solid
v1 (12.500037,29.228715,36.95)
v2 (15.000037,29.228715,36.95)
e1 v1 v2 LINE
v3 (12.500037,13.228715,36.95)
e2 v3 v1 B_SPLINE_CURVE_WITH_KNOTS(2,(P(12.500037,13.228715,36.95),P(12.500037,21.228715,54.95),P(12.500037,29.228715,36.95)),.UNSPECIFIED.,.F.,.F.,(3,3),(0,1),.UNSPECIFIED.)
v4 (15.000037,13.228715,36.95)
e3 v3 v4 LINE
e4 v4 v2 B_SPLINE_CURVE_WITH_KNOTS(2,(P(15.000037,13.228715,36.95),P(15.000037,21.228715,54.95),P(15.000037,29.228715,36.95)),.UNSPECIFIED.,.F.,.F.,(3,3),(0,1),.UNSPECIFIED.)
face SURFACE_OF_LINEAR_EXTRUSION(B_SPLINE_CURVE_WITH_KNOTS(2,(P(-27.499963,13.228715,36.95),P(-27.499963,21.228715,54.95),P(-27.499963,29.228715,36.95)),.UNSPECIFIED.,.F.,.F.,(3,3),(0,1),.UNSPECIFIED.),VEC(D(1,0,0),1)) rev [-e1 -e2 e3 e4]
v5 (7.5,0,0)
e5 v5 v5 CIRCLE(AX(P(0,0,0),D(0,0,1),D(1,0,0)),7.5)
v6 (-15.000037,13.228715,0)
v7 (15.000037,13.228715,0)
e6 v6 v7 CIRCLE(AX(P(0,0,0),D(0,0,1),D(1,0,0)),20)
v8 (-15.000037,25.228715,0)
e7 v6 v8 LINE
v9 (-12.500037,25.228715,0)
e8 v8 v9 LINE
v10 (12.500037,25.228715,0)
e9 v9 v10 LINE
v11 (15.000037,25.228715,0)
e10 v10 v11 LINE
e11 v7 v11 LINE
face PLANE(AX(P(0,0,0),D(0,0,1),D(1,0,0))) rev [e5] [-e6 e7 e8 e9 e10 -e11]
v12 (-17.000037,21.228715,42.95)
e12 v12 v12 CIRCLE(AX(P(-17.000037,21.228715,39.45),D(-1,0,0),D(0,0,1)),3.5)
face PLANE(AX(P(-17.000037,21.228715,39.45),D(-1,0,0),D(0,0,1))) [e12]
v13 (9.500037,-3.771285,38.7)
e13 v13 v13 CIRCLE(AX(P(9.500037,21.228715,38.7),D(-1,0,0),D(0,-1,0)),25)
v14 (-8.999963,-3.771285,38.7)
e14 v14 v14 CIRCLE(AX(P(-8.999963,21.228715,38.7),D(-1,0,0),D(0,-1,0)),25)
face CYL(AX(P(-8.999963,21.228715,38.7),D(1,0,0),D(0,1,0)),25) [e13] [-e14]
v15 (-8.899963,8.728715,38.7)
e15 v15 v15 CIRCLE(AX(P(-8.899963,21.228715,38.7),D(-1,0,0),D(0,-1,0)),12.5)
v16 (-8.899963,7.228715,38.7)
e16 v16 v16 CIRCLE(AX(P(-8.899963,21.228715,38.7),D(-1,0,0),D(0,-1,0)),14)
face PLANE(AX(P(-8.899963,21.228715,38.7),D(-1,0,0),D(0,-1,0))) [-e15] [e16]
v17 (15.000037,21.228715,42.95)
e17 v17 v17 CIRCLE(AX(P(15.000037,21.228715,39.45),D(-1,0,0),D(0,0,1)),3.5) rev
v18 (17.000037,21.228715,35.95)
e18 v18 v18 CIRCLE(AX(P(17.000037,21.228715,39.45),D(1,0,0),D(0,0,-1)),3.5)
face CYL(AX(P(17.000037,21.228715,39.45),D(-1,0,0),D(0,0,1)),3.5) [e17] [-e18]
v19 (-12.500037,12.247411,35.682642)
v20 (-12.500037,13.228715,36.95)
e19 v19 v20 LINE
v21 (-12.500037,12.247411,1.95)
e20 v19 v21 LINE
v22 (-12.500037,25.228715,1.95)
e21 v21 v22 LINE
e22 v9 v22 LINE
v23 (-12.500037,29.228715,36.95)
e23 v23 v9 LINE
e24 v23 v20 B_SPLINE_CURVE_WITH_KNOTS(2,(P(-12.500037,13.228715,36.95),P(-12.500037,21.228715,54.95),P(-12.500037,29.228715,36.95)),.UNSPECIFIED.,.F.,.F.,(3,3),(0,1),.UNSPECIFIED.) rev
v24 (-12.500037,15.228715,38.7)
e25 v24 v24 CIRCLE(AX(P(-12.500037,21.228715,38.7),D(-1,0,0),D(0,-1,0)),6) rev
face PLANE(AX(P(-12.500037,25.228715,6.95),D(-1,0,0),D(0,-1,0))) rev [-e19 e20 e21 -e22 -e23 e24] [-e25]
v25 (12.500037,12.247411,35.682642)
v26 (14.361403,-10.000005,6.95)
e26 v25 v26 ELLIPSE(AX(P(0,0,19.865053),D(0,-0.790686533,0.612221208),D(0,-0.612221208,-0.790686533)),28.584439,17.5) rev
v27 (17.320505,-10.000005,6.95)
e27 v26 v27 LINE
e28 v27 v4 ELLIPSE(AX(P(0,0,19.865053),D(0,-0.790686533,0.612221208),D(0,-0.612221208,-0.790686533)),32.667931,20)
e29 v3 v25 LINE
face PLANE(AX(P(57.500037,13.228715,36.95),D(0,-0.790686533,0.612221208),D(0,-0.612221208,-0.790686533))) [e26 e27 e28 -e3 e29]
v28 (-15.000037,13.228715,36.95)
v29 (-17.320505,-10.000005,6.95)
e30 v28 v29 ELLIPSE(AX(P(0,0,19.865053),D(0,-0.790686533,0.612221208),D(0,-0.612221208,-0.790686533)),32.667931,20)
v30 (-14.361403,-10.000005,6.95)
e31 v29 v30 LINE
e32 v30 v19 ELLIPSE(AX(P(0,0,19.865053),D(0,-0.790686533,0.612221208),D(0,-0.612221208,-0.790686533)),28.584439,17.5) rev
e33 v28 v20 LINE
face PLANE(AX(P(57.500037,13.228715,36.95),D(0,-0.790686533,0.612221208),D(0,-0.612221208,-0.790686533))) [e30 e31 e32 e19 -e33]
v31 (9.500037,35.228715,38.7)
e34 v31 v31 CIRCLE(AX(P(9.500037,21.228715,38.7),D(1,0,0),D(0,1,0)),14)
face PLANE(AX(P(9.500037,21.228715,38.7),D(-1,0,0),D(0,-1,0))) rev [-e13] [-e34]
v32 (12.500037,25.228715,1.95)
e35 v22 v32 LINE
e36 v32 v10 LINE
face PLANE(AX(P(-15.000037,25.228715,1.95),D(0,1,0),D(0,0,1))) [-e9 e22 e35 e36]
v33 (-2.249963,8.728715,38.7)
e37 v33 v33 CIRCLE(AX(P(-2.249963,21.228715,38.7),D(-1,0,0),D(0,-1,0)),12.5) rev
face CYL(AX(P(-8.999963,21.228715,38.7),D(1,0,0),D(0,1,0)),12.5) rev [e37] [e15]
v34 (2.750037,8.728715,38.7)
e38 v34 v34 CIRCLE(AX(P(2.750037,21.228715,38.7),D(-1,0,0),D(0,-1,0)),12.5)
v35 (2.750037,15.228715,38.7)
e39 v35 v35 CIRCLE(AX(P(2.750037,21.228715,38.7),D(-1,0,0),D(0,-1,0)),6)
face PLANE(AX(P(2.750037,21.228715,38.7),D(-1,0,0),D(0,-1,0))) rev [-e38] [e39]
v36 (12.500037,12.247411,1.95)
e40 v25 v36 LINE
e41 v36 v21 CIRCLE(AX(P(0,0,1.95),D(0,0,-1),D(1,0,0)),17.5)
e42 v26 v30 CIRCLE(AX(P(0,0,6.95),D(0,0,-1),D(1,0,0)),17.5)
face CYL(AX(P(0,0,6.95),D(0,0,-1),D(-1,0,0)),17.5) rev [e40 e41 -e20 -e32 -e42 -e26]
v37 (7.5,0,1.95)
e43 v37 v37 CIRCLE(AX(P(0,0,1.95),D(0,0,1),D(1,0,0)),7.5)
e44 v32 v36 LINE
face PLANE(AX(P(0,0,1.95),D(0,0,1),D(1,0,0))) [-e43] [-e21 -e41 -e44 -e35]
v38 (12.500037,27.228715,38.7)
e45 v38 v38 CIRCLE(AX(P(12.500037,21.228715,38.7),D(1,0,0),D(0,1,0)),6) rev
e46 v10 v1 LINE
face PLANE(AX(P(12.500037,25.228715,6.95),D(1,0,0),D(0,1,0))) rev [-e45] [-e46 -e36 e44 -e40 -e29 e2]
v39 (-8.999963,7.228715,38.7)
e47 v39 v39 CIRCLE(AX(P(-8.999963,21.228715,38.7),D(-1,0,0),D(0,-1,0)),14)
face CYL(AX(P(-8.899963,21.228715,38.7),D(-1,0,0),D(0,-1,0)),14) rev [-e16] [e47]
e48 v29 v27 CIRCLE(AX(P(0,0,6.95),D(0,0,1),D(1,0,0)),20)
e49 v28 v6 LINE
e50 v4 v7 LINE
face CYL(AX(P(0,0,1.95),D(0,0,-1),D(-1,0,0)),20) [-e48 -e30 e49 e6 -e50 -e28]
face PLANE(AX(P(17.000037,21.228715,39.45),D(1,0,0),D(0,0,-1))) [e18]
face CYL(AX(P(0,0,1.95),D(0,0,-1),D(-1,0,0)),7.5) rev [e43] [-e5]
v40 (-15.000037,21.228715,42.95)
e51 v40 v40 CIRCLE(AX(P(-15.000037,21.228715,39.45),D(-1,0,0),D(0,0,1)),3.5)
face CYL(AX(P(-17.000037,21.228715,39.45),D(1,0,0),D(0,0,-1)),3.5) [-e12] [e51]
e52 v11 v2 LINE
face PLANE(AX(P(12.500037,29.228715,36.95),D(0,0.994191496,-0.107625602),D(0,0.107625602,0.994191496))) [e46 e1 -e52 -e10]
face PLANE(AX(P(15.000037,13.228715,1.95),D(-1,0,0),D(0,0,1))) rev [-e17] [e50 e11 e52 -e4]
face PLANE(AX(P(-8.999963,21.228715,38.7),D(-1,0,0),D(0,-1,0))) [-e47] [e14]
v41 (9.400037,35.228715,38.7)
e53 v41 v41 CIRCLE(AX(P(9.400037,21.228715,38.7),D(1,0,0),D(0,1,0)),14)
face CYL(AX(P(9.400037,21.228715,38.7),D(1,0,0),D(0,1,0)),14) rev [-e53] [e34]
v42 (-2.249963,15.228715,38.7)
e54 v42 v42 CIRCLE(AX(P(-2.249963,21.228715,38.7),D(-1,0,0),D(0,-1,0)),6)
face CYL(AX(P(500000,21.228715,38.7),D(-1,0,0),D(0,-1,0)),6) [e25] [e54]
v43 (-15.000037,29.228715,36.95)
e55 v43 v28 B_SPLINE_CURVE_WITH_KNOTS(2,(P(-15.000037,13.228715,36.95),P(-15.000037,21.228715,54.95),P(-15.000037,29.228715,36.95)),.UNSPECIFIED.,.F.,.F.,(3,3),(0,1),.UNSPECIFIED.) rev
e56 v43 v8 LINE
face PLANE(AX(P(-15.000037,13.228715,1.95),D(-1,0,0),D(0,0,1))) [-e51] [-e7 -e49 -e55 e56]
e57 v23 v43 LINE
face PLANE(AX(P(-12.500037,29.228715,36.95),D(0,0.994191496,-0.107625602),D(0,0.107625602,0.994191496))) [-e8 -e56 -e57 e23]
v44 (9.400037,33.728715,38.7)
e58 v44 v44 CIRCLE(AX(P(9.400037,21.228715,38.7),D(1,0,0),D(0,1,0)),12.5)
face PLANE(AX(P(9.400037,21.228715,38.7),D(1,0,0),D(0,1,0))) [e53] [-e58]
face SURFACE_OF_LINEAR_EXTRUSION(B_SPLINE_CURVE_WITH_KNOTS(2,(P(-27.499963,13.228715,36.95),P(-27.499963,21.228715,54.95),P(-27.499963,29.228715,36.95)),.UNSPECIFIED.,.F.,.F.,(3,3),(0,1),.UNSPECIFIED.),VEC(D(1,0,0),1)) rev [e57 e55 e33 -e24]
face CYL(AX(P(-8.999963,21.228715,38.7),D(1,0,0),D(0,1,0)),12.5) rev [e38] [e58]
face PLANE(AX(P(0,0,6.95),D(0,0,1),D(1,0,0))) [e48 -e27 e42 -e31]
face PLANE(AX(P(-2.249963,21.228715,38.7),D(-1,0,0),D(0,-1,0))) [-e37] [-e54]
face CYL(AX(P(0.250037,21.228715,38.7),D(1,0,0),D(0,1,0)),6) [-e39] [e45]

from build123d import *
from build123d.topology import SkipClean

# Parameters (mm, degrees)
SKETCH1_R               = 7.5
BOSS_EXTRUDE1_DEPTH     = 1.95
BOSS_EXTRUDE2_DEPTH     = 5
BOSS_EXTRUDE3_DEPTH     = 40
BOSS_EXTRUDE5_DEPTH     = 2.5
SKETCH20_W              = 10
SKETCH20_H              = 3.999999996
BOSS_EXTRUDE6_DEPTH     = 2.5
BOSS_EXTRUDE7_DEPTH     = 2.5
CUT_EXTRUDE8_DEPTH      = 42.5
CUT_EXTRUDE9_DEPTH      = 42.5
CUT_EXTRUDE9_DEPTH_BACK = 42.5
SKETCH25_R              = 3.5
BOSS_EXTRUDE8_DEPTH     = 2
BOSS_EXTRUDE9_START     = 2
SKETCH26_R              = 3.5
BOSS_EXTRUDE9_DEPTH     = 2
SKETCH27_R              = 6
BOSS_EXTRUDE10_DEPTH    = 12.25
SKETCH33_R              = 25
SKETCH33_R_2            = 12.5
BOSS_EXTRUDE11_DEPTH    = 9.25
SKETCH40_R              = 12.5
BOSS_EXTRUDE13_DEPTH    = 2.5
BOSS_EXTRUDE12_REACH    = 87.153
SKETCH34_R              = 6
CUT_EXTRUDE10_START     = -0.1
SKETCH47_R              = 14
SKETCH47_R_2            = 12.5
CUT_EXTRUDE10_DEPTH     = 0.1
SKETCH48_R              = 14
SKETCH48_R_2            = 12.5
CUT_EXTRUDE13_DEPTH     = 0.1


with BuildPart() as part:
    # Sketch1 → Boss-Extrude1 (new body)
    with BuildSketch(Plane.XY):
        with BuildLine():
            Line((-15.00003653, 25.228715134), (15.00003653, 25.228715134))
            Line((15.00003653, 25.228715134), (15.00003653, 13.228715134))
            ThreePointArc((15.00003653, 13.228715134), (0, -20), (-15.00003653, 13.228715134))
            Line((-15.00003653, 13.228715134), (-15.00003653, 25.228715134))
        make_face()
        Circle(SKETCH1_R, mode=Mode.SUBTRACT)
    extrude(amount=BOSS_EXTRUDE1_DEPTH)

    # Sketch4 → Boss-Extrude2 (add)
    with BuildSketch(Plane.XY.offset(1.95)):
        with BuildLine():
            Line((-12.50003653, 25.228715134), (-12.50003653, 12.247411431))
            ThreePointArc((-12.50003653, 12.247411431), (0, -17.5), (12.50003653, 12.247411431))
            Line((12.50003653, 12.247411431), (12.50003653, 25.228715134))
            Line((12.50003653, 25.228715134), (15.00003653, 25.228715134))
            Line((15.00003653, 25.228715134), (15.00003653, 13.228715134))
            ThreePointArc((15.00003653, 13.228715134), (0, -20), (-15.00003653, 13.228715134))
            Line((-15.00003653, 13.228715134), (-15.00003653, 25.228715134))
            Line((-15.00003653, 25.228715134), (-12.50003653, 25.228715134))
        make_face()
    extrude(amount=BOSS_EXTRUDE2_DEPTH)

    # Sketch7 → Boss-Extrude3 (add)
    with SkipClean():  # the faces are left unmerged after this step: merging them gives an invalid solid
        with BuildSketch(Plane.XY.offset(6.95)):
            with BuildLine():
                Line((-17.320505157, -10.000005055), (-14.361403097, -10.000005055))
                ThreePointArc((-14.361403097, -10.000005055), (-17.439068776, 1.459068274), (-12.50003653, 12.247411431))
                Line((-12.50003653, 12.247411431), (-12.50003653, 15.612465749))
                Line((-12.50003653, 15.612465749), (-12.50003653, 25.228715134))
                Line((-12.50003653, 25.228715134), (-15.00003653, 25.228715134))
                Line((-15.00003653, 25.228715134), (-15.00003653, 13.228715134))
                ThreePointArc((-15.00003653, 13.228715134), (-19.900947569, 1.988035678), (-17.320505157, -10.000005055))
            make_face()
            with BuildLine():
                Line((17.320505157, -10.000005055), (14.361403097, -10.000005055))
                ThreePointArc((14.361403097, -10.000005055), (17.439068776, 1.459068274), (12.50003653, 12.247411431))
                Line((12.50003653, 12.247411431), (12.50003653, 15.612465749))
                Line((12.50003653, 15.612465749), (12.50003653, 25.228715134))
                Line((12.50003653, 25.228715134), (15.00003653, 25.228715134))
                Line((15.00003653, 25.228715134), (15.00003653, 13.228715134))
                ThreePointArc((15.00003653, 13.228715134), (19.900947569, 1.988035678), (17.320505157, -10.000005055))
            make_face()
        extrude(amount=BOSS_EXTRUDE3_DEPTH)

    # Sketch19 → Boss-Extrude5 (add)
    with SkipClean():  # the faces are left unmerged after this step: merging them gives an invalid solid
        with BuildSketch(Plane(origin=(15.00003653, 0, 0), x_dir=(0, 0, -1), z_dir=(1, 0, 0))):
            Polygon((-36.95, 29.22871513), (0, 25.228715134), (-36.95, 25.228715134), align=None)
        extrude(amount=-BOSS_EXTRUDE5_DEPTH)

    # Sketch20 → Boss-Extrude6 (add)
    with SkipClean():  # the faces are left unmerged after this step: merging them gives an invalid solid
        with BuildSketch(Plane(origin=(15.00003653, 0, 0), x_dir=(0, 0, -1), z_dir=(1, 0, 0))):
            with Locations((-41.95, 27.228715132)):
                Rectangle(SKETCH20_W, SKETCH20_H)
        extrude(amount=-BOSS_EXTRUDE6_DEPTH)

    # Sketch22 → Boss-Extrude7 (add)
    with SkipClean():  # the faces are left unmerged after this step: merging them gives an invalid solid
        with BuildSketch(Plane.ZY.offset(15.00003653)):
            Polygon((46.95, 25.228715134), (46.95, 29.22871513), (36.95, 29.22871513), (0, 25.228715134), align=None)
        extrude(amount=-BOSS_EXTRUDE7_DEPTH)

    # Sketch10 → Cut-Extrude8 (cut)
    with SkipClean():  # the faces are left unmerged after this step: merging them gives an invalid solid
        with BuildSketch(Plane(origin=(15.00003653, 0, 0), x_dir=(0, 0, -1), z_dir=(1, 0, 0))):
            with BuildLine():
                Line((-46.95, 25.228715134), (-46.95, 29.22871513))
                Line((-46.95, 29.22871513), (-36.95, 29.22871513))
                add(Edge.make_bspline(
                    [(-36.95, 29.22871513), (-54.95, 21.22871513), (-36.95, 13.228715134)],
                    knots=[0, 0, 0, 1, 1, 1], degree=2))
                Line((-36.95, 13.228715134), (-46.95, 13.228715134))
                Line((-46.95, 13.228715134), (-46.95, 25.228715134))
            make_face()
        extrude(amount=-CUT_EXTRUDE8_DEPTH, mode=Mode.SUBTRACT)

    # Sketch24 → Cut-Extrude9 (cut, two sides: drawn at the far end of the back side and taken through both)
    with SkipClean():  # the faces are left unmerged after this step: merging them gives an invalid solid
        with BuildSketch(Plane(origin=(15.00003653, 0, 0), x_dir=(0, 0, -1), z_dir=(1, 0, 0)).offset(-CUT_EXTRUDE9_DEPTH_BACK)):
            Polygon((-36.95, 13.228715134), (-6.95, -10.000005055), (-46.95, -10.000005055), (-46.95, 13.228715134), align=None)
        extrude(amount=CUT_EXTRUDE9_DEPTH + CUT_EXTRUDE9_DEPTH_BACK, mode=Mode.SUBTRACT)

    # Sketch25 → Boss-Extrude8 (add)
    with SkipClean():  # the faces are left unmerged after this step: merging them gives an invalid solid
        with BuildSketch(Plane.ZY.offset(15.00003653)):
            with Locations((39.45, 21.22871513)):
                Circle(SKETCH25_R)
        extrude(amount=BOSS_EXTRUDE8_DEPTH)

    # Sketch26 → Boss-Extrude9 (add)
    with SkipClean():  # the faces are left unmerged after this step: merging them gives an invalid solid
        with BuildSketch(Plane(origin=(15.00003653, 0, 0), x_dir=(0, 0, -1), z_dir=(1, 0, 0)).offset(BOSS_EXTRUDE9_START)):
            with Locations((-39.45, 21.22871513)):
                Circle(SKETCH26_R)
        extrude(amount=-BOSS_EXTRUDE9_DEPTH)

    # Sketch27 → Boss-Extrude10 (add)
    with SkipClean():  # the faces are left unmerged after this step: merging them gives an invalid solid
        with BuildSketch(Plane.ZY.offset(-12.50003653)):
            with Locations((38.7, 21.22871513)):
                Circle(SKETCH27_R)
        extrude(amount=BOSS_EXTRUDE10_DEPTH)



with BuildPart() as body_2:
    # Sketch33 → Boss-Extrude11 (new, symmetric)
    with BuildSketch(Plane.ZY.offset(-0.25003653)):
        with Locations((38.7, 21.22871513)):
            Circle(SKETCH33_R)
        with Locations((38.7, 21.22871513)):
            Circle(SKETCH33_R_2, mode=Mode.SUBTRACT)
    extrude(amount=BOSS_EXTRUDE11_DEPTH, both=True)


with BuildPart() as part_1:
    with SkipClean():  # the faces are left unmerged after this step: merging them gives an invalid solid
        add(part.part)

        add(body_2.part)  # Boss-Extrude13 merges body 2
        # Sketch40 → Boss-Extrude13 (add, symmetric)
        with BuildSketch(Plane.ZY.offset(-0.25003653)):
            with Locations((38.7, 21.22871513)):
                Circle(SKETCH40_R)
        extrude(amount=BOSS_EXTRUDE13_DEPTH, both=True)

    # Sketch34 → Boss-Extrude12 (add, up to next)
    with BuildSketch(Plane(origin=(-12.50003653, 0, 0), x_dir=(0, 0, -1), z_dir=(1, 0, 0)), mode=Mode.PRIVATE) as boss_extrude12_sk1:
        with Locations((-38.7, 21.22871513)):
            Circle(SKETCH34_R)
    boss_extrude12_tool1 = extrude(boss_extrude12_sk1.sketch, amount=BOSS_EXTRUDE12_REACH, mode=Mode.PRIVATE) - part_1.part
    add(boss_extrude12_tool1.solids().sort_by_distance((-12.500037, 21.228715, 38.7))[0])

    # Sketch47 → Cut-Extrude10 (cut)
    with SkipClean():  # the faces are left unmerged after this step: merging them gives an invalid solid
        with BuildSketch(Plane.ZY.offset(8.99996347).offset(CUT_EXTRUDE10_START)):
            with Locations((38.7, 21.22871513)):
                Circle(SKETCH47_R)
            with Locations((38.7, 21.22871513)):
                Circle(SKETCH47_R_2, mode=Mode.SUBTRACT)
        extrude(amount=CUT_EXTRUDE10_DEPTH, mode=Mode.SUBTRACT)

    # Sketch48 → Cut-Extrude13 (cut)
    with SkipClean():  # the faces are left unmerged after this step: merging them gives an invalid solid
        with BuildSketch(Plane(origin=(9.50003653, 0, 0), x_dir=(0, 0, -1), z_dir=(1, 0, 0))):
            with Locations((-38.7, 21.22871513)):
                Circle(SKETCH48_R)
            with Locations((-38.7, 21.22871513)):
                Circle(SKETCH48_R_2, mode=Mode.SUBTRACT)
        extrude(amount=-CUT_EXTRUDE13_DEPTH, mode=Mode.SUBTRACT)


solid = part_1.part
